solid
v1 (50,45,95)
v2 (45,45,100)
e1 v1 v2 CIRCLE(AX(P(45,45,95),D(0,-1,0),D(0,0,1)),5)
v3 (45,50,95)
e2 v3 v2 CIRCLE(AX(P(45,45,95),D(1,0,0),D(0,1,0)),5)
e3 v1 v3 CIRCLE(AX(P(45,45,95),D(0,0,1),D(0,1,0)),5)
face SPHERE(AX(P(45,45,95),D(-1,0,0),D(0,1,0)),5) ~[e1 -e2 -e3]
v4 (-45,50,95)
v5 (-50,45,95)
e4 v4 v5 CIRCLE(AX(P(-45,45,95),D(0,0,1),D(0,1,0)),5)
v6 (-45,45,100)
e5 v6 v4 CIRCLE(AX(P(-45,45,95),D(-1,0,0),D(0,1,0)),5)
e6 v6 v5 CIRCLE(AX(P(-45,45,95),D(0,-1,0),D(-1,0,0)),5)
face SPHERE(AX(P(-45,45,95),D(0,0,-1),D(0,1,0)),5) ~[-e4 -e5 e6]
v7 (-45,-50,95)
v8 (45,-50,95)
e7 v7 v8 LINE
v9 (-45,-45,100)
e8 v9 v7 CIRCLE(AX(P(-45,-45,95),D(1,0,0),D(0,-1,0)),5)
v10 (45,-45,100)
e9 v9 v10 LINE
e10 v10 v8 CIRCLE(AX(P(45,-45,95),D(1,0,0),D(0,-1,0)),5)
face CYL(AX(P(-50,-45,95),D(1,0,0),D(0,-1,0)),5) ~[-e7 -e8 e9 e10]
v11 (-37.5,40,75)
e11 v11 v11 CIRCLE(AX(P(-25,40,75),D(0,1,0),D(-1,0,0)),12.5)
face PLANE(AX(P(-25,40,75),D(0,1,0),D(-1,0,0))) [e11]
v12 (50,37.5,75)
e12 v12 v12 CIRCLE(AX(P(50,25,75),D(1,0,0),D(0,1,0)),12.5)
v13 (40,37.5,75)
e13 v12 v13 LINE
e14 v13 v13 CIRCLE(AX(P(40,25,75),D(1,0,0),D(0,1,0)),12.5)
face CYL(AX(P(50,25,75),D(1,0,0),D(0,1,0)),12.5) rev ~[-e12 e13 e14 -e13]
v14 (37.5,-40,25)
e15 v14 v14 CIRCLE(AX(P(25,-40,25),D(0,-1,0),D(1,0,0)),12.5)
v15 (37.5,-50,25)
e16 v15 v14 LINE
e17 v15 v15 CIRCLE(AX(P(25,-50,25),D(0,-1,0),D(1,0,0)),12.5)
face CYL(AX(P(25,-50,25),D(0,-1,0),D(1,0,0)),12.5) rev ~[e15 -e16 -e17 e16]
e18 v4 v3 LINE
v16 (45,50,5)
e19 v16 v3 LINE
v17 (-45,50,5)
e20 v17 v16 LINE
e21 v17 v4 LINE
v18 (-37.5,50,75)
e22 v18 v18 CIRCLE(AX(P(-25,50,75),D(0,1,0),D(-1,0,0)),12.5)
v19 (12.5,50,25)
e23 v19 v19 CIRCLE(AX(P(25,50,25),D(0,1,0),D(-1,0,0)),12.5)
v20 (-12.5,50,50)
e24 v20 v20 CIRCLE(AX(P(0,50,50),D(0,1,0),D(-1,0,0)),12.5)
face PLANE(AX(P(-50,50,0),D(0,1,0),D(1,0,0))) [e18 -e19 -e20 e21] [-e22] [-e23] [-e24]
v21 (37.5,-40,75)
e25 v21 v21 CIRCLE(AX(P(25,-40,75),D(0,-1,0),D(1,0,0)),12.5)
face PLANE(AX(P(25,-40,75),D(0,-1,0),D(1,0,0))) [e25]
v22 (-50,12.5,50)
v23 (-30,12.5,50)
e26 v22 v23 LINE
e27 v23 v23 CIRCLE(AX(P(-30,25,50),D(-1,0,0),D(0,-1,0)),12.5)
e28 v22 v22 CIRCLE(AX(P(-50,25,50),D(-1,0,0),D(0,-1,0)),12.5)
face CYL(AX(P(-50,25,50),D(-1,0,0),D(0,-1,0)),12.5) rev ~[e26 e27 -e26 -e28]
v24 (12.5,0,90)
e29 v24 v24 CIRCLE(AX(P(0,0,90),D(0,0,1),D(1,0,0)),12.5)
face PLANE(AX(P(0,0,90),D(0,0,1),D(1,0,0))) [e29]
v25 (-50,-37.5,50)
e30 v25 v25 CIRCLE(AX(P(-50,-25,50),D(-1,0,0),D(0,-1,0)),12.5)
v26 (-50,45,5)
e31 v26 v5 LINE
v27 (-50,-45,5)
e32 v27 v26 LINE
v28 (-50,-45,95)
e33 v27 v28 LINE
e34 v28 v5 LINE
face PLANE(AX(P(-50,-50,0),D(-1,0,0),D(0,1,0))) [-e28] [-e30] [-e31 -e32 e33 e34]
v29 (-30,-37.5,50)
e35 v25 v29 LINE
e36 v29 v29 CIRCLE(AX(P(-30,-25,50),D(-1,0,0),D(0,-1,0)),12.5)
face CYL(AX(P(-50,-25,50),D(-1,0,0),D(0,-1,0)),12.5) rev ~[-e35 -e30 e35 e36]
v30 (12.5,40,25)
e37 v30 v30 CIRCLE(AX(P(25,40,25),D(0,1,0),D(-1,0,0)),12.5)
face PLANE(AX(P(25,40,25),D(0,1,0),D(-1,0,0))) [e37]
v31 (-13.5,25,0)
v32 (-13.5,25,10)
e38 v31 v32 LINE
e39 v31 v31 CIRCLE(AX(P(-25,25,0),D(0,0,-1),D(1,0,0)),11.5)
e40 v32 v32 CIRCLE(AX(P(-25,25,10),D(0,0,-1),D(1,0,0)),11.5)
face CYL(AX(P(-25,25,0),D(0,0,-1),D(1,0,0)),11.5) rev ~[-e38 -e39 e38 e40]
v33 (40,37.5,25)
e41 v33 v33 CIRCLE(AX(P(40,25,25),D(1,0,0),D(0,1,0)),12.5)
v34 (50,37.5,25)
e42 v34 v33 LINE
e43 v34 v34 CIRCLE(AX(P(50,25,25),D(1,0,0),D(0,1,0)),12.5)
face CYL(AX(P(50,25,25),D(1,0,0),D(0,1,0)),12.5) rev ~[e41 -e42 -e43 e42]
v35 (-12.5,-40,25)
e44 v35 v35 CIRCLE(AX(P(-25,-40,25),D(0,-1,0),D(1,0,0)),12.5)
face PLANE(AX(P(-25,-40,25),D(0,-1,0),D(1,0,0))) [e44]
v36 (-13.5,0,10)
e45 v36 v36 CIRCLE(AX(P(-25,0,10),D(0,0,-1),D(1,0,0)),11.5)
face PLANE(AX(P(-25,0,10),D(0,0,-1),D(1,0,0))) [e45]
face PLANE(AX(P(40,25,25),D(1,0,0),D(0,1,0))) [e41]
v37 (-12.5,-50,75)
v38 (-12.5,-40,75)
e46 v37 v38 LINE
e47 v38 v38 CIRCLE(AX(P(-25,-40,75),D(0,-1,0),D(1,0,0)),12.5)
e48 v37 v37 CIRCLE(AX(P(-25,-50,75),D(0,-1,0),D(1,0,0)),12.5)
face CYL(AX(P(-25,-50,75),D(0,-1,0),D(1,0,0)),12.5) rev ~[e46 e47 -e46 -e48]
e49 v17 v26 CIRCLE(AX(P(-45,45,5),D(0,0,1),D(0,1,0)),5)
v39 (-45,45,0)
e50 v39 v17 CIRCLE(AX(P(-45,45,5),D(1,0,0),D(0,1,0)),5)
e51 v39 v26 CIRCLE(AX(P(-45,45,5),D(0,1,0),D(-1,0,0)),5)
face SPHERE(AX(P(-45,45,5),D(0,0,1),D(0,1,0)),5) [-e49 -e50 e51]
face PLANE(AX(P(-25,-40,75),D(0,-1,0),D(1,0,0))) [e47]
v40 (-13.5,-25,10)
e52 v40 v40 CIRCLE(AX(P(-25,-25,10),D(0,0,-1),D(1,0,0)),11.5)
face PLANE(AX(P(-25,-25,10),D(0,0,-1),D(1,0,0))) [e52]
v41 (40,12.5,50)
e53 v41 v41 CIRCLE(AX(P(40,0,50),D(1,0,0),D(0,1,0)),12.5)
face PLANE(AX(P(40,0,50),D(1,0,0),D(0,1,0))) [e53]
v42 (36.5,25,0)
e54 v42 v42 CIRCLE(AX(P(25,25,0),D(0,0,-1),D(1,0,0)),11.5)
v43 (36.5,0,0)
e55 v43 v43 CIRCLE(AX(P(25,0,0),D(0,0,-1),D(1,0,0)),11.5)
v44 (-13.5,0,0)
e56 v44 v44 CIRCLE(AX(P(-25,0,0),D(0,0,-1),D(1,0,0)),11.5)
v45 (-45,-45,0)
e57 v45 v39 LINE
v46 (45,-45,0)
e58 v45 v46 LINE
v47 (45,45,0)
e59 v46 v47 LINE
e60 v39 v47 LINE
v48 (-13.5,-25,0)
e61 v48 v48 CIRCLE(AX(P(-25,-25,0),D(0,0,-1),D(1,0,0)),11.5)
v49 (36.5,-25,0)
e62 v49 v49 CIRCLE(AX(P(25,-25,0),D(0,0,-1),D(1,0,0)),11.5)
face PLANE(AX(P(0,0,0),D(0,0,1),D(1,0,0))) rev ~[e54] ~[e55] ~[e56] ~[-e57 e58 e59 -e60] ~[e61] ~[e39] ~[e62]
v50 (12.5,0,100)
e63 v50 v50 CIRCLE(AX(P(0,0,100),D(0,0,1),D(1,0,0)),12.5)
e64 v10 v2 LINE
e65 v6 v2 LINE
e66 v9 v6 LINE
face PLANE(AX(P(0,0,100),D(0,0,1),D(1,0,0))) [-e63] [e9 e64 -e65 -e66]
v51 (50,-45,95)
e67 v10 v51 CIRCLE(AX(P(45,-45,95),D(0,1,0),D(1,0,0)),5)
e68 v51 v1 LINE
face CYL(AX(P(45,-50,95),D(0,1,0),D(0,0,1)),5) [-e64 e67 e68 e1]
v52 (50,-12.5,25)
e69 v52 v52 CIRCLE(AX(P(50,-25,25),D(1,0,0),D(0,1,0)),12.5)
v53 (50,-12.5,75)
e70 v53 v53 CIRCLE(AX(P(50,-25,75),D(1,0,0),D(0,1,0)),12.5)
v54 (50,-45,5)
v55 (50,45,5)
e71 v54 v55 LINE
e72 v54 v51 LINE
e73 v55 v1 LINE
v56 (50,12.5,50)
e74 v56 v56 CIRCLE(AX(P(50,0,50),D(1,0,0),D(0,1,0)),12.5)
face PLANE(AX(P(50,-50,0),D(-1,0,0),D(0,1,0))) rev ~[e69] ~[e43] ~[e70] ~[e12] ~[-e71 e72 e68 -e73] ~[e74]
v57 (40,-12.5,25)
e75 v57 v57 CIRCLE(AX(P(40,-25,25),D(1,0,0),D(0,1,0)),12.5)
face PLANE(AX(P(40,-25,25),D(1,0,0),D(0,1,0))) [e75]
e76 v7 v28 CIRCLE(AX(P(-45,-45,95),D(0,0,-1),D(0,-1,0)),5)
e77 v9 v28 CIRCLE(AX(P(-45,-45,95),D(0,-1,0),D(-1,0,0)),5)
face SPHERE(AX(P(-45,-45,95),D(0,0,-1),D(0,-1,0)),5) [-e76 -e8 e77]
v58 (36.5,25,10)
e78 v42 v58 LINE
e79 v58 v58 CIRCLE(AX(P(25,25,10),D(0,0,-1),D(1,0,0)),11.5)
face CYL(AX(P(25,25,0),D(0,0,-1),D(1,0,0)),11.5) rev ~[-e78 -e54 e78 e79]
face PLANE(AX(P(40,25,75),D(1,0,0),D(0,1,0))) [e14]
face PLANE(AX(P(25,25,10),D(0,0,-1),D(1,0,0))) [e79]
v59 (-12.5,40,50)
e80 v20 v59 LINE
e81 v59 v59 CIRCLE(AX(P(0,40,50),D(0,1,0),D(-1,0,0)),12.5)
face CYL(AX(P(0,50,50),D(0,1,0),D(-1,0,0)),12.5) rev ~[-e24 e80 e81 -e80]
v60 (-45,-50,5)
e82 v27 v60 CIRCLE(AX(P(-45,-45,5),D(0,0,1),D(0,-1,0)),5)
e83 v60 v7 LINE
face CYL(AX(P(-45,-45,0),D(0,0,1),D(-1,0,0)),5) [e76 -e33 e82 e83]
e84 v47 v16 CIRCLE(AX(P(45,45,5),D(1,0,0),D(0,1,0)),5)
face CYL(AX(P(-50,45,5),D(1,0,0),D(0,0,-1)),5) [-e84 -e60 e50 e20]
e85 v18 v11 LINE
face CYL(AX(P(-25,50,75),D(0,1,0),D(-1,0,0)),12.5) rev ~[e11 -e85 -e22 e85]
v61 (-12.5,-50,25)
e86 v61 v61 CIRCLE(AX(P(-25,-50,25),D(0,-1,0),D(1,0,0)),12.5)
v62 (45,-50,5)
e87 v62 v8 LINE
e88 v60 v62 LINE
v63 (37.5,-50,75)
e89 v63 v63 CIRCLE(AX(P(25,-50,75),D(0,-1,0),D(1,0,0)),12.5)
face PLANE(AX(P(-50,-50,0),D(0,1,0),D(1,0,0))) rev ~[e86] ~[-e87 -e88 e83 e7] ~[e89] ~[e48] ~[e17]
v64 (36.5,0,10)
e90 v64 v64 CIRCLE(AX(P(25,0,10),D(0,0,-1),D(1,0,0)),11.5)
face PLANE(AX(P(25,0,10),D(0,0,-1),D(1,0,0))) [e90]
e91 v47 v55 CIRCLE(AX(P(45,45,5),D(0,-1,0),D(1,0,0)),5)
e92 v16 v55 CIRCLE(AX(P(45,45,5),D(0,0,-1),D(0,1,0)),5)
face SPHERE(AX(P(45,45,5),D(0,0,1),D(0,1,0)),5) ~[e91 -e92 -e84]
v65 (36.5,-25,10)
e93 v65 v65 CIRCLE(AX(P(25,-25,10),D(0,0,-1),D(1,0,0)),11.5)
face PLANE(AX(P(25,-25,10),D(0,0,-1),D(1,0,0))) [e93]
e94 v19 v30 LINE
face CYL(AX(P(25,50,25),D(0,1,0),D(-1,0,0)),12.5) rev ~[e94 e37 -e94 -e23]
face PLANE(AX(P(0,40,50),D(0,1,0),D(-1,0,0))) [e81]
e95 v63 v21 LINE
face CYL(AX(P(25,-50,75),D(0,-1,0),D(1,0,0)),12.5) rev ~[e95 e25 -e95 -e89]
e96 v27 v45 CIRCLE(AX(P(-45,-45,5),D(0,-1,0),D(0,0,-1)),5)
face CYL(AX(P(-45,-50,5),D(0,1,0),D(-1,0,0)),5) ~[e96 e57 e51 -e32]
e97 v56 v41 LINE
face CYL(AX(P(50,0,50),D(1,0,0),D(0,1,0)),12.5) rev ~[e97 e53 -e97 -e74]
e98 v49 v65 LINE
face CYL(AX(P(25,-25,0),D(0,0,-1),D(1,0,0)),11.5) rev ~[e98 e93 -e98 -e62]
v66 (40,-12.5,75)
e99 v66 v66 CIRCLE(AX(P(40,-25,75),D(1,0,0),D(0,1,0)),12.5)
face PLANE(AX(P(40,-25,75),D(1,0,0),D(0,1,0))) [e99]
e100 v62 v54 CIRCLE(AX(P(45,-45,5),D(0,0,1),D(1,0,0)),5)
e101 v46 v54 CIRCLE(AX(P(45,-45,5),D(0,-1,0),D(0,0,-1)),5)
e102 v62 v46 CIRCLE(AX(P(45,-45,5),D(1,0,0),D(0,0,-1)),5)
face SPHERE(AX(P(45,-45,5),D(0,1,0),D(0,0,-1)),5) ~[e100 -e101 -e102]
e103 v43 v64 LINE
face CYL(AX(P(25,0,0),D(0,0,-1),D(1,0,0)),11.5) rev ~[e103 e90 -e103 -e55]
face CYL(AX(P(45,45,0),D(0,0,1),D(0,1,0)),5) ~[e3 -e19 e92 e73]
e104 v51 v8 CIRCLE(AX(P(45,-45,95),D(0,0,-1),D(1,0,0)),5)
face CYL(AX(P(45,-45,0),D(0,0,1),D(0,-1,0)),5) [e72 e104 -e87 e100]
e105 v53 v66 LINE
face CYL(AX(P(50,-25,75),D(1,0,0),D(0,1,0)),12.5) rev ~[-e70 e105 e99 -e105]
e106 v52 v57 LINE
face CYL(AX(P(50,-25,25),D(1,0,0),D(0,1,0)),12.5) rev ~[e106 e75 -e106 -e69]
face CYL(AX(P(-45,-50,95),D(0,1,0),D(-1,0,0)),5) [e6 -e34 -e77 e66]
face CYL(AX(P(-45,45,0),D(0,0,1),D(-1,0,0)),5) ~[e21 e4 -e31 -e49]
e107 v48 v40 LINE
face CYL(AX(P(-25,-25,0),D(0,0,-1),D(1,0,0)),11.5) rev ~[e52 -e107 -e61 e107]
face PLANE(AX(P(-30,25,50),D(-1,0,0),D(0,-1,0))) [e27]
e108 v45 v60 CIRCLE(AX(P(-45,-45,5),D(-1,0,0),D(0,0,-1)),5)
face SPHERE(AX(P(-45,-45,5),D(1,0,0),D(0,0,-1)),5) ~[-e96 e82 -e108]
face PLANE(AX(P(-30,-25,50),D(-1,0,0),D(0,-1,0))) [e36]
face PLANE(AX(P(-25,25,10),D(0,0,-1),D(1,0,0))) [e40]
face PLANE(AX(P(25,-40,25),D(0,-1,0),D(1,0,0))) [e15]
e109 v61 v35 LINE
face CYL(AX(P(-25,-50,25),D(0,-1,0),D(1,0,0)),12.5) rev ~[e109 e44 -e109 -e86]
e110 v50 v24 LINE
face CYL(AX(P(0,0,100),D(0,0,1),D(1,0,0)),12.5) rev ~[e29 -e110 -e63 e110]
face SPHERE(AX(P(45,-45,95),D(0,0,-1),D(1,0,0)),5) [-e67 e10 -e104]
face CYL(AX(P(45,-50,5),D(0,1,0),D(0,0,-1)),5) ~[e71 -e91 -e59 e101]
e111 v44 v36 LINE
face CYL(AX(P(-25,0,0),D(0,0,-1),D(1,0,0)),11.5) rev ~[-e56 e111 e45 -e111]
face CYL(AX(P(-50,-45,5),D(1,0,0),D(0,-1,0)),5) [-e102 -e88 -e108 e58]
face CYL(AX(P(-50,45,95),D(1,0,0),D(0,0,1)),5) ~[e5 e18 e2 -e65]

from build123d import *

# Parameters (mm, degrees)
F0_W      = 100
F0_H      = 100
F1_DEPTH  = 100
F3_R      = 12.5
F4_DEPTH  = 10
F7_R      = 12.5
F8_DEPTH  = 20
F10_R     = 12.5
F12_DEPTH = 10
F11_R     = 12.5
F13_DEPTH = 10
F14_R     = 12.5
F15_DEPTH = 10
F17_R     = 12.5
F18_DEPTH = 10
F19_R     = 11.5
F20_DEPTH = 10
F21_R     = 5


with BuildPart() as f1:
    # F0 (on Top) → F1 (new body)
    with BuildSketch(Plane.XY):
        Rectangle(F0_W, F0_H)
    extrude(amount=F1_DEPTH)

    # F3 (on face) → F4 (cut)
    with BuildSketch(Plane.XY.offset(100)):
        Circle(F3_R)
    extrude(amount=-F4_DEPTH, mode=Mode.SUBTRACT)

    # F7 (on face) → F8 (cut)
    with BuildSketch(Plane(origin=(-50, 0, 0), x_dir=(0, -1, 0), z_dir=(-1, 0, 0))):
        with Locations((-25, 50)):
            Circle(F7_R)
        with Locations((25, 50)):
            Circle(F7_R)
    extrude(amount=-F8_DEPTH, mode=Mode.SUBTRACT)

    # F10 (on face) → F12 (cut)
    with BuildSketch(Plane(origin=(0, 50, 0), x_dir=(-1, 0, 0), z_dir=(0, 1, 0))):
        with Locations((0, 50)):
            Circle(F10_R)
    extrude(amount=-F12_DEPTH, mode=Mode.SUBTRACT)

    # F11 (on face) → F13 (cut)
    with BuildSketch(Plane(origin=(0, 50, 0), x_dir=(-1, 0, 0), z_dir=(0, 1, 0))):
        with Locations((-25, 25)):
            Circle(F11_R)
        with Locations((25, 75)):
            Circle(F11_R)
    extrude(amount=-F13_DEPTH, mode=Mode.SUBTRACT)

    # F14 (on face) → F15 (cut)
    with BuildSketch(Plane.XZ.offset(50)):
        with Locations((-25, 75)):
            Circle(F14_R)
        with Locations((-25, 25)):
            Circle(F14_R)
        with Locations((25, 25)):
            Circle(F14_R)
        with Locations((25, 75)):
            Circle(F14_R)
    extrude(amount=-F15_DEPTH, mode=Mode.SUBTRACT)

    # F17 (on face) → F18 (cut)
    with BuildSketch(Plane.YZ.offset(50)):
        with Locations((-25, 75)):
            Circle(F17_R)
        with Locations((25, 75)):
            Circle(F17_R)
        with Locations((-25, 25)):
            Circle(F17_R)
        with Locations((25, 25)):
            Circle(F17_R)
        with Locations((0, 50)):
            Circle(F17_R)
    extrude(amount=-F18_DEPTH, mode=Mode.SUBTRACT)

    # F19 (on face) → F20 (cut)
    with BuildSketch(Plane(origin=(0, 0, 0), x_dir=(1, 0, 0), z_dir=(0, 0, -1))):
        with Locations((-25, 25)):
            Circle(F19_R)
        with Locations((-25, 0)):
            Circle(F19_R)
        with Locations((-25, -25)):
            Circle(F19_R)
        with Locations((25, -25)):
            Circle(F19_R)
        with Locations((25, 0)):
            Circle(F19_R)
        with Locations((25, 25)):
            Circle(F19_R)
    extrude(amount=-F20_DEPTH, mode=Mode.SUBTRACT)

    # F21
    f21_edges = [f1.edges().sort_by_distance(p)[0] for p in [
        (-50, 50, 50),
        (0, 50, 100),
        (50, 50, 50),
        (0, 50, 0),
        (50, 0, 0),
        (0, -50, 0),
        (-50, 0, 0),
        (-50, -50, 50),
        (50, -50, 50),
        (50, 0, 100),
        (0, -50, 100),
        (-50, 0, 100),
    ]]
    fillet(f21_edges, radius=F21_R)


solid = f1.part
